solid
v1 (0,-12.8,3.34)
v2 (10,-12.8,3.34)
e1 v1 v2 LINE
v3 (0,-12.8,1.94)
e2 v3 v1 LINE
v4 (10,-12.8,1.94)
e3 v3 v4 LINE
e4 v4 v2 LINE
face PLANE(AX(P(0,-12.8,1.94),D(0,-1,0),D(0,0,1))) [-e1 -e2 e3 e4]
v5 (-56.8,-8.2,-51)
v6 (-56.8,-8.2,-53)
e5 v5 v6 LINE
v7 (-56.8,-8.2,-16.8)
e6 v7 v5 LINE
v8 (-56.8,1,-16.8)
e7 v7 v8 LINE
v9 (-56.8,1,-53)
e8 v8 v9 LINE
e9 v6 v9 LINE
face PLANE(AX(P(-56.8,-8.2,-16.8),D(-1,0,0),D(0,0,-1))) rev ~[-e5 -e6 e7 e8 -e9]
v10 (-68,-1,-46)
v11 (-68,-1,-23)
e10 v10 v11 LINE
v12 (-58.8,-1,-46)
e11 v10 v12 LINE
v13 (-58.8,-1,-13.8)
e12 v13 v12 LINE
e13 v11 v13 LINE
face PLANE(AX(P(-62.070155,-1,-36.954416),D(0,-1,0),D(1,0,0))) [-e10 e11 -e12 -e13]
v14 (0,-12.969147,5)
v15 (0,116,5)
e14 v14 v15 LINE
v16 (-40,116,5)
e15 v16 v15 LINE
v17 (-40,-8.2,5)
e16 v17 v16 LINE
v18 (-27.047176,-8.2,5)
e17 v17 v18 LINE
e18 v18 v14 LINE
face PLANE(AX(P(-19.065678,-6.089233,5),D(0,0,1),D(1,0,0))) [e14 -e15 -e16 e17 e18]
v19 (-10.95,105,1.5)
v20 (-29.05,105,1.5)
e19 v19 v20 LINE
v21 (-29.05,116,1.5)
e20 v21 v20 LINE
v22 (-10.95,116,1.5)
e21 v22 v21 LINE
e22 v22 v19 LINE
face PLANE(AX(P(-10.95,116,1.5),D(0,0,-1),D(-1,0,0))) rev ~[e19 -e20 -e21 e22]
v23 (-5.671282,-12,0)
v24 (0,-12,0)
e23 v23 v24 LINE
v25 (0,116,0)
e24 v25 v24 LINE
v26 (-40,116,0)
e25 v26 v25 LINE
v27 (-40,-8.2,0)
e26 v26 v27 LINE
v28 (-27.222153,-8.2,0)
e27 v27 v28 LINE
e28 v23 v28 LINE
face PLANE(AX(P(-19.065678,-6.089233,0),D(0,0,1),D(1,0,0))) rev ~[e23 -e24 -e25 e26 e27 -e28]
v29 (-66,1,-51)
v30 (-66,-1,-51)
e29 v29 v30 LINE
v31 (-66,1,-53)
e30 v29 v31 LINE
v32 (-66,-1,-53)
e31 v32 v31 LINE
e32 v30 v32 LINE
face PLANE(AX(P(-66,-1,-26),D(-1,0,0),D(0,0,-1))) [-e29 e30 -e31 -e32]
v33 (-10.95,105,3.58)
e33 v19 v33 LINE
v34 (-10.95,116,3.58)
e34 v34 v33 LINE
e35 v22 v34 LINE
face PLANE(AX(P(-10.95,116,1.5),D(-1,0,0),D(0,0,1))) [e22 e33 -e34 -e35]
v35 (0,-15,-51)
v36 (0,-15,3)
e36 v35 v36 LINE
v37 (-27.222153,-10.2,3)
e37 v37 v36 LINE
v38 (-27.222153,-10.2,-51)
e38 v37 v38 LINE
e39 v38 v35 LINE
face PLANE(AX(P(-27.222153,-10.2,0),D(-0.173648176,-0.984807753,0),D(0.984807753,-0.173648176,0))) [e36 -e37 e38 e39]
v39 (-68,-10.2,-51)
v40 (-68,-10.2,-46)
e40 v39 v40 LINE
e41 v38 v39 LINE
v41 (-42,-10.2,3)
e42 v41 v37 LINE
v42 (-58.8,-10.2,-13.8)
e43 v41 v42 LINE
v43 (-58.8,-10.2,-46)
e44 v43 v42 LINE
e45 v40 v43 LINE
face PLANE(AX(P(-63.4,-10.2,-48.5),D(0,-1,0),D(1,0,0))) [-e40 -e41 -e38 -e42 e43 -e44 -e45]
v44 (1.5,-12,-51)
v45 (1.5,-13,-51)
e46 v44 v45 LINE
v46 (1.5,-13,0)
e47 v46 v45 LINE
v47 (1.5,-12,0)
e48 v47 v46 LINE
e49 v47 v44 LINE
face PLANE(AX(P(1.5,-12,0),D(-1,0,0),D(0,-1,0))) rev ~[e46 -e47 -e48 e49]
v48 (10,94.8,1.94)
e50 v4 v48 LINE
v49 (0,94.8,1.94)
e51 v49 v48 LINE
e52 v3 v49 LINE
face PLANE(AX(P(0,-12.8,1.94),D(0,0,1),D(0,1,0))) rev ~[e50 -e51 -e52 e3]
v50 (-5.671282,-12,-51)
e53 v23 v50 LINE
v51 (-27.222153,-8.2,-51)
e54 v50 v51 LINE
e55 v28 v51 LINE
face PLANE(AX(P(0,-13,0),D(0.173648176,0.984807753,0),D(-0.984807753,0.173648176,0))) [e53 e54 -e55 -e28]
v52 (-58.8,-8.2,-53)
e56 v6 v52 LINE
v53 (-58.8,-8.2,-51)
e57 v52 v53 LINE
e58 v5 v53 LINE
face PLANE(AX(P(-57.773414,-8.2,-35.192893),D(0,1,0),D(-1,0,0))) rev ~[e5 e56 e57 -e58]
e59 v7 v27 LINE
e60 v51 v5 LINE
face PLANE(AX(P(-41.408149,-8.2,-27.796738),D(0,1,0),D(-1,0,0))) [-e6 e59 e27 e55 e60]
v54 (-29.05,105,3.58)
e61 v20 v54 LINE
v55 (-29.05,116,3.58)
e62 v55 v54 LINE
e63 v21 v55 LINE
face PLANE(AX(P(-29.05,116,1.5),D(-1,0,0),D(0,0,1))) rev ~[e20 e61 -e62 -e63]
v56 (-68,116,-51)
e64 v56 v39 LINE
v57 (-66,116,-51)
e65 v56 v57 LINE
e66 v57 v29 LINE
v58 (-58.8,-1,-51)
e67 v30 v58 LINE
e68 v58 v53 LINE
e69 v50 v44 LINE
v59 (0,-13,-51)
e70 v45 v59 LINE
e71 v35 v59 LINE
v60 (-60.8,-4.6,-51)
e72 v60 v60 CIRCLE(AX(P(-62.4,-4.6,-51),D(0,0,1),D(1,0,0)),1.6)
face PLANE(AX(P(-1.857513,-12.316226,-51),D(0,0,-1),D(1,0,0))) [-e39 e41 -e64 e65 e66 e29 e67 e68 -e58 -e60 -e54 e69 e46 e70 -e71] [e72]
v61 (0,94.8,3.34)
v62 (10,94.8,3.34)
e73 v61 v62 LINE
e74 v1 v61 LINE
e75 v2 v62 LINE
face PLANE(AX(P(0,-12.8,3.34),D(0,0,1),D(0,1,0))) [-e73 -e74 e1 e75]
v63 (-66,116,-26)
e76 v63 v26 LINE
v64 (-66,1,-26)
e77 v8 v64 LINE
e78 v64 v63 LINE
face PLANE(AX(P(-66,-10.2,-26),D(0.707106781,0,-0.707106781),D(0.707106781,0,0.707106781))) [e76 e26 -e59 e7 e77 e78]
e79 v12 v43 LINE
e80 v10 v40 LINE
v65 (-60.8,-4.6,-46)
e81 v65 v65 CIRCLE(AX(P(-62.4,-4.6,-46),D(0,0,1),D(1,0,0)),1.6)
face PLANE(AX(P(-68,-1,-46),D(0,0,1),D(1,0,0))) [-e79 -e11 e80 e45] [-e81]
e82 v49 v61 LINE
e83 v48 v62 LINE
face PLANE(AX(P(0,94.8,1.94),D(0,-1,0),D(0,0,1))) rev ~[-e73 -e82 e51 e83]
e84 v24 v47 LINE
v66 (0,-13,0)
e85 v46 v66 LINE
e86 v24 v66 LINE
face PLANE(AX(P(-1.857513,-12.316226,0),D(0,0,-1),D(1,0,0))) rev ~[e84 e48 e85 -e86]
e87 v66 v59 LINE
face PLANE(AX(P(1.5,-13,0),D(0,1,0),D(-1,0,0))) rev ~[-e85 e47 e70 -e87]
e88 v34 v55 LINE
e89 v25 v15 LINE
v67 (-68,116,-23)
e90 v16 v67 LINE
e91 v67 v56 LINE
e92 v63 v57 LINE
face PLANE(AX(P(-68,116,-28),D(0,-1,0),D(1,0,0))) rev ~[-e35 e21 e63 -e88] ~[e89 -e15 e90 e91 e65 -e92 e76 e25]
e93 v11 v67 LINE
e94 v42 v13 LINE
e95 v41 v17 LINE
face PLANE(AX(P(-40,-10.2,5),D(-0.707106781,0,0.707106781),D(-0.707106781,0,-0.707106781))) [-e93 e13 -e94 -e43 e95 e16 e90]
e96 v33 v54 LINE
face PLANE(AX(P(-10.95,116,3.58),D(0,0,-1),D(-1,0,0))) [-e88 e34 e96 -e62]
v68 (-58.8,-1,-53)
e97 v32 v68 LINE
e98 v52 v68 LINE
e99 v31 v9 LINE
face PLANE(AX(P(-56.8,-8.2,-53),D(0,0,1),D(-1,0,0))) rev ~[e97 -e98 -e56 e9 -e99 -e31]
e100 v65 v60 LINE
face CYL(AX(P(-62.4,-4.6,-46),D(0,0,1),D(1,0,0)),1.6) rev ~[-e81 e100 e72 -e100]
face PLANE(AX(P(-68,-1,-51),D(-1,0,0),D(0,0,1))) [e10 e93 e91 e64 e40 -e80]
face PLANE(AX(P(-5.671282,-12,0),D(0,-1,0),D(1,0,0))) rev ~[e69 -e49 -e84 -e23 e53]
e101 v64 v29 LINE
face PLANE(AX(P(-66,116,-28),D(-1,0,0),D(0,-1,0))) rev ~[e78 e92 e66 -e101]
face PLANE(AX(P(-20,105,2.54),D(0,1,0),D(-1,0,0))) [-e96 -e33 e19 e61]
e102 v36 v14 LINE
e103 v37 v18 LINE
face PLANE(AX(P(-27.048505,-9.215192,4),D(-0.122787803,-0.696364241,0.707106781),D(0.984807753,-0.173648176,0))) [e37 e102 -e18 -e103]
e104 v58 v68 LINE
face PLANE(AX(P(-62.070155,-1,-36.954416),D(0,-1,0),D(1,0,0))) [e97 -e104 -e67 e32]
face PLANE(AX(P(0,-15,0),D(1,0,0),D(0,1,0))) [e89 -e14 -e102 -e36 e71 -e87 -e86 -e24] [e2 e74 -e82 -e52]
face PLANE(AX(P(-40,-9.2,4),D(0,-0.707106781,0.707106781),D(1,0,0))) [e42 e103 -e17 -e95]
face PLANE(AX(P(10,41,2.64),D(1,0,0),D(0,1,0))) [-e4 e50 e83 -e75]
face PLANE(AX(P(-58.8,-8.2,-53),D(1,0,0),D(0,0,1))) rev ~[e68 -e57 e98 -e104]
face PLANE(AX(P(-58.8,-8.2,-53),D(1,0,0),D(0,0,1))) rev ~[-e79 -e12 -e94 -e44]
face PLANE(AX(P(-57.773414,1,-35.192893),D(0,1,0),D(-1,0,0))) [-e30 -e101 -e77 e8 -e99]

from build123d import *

# Parameters (mm, degrees)
SKETCH_1_W      = 40
SKETCH_1_H      = 116
PAD_DEPTH       = 5
PAD001_DEPTH    = 5
PAD002_DEPTH    = 126.2
SKETCH005_W     = 9.2
SKETCH005_H     = 9.2
POCKET_DEPTH    = 33.001
PAD004_DEPTH    = 2
PAD005_DEPTH    = 51
SKETCH006_W     = 2
SKETCH006_H     = 117
PAD006_DEPTH    = 23
PAD007_DEPTH    = 2
PAD008_DEPTH    = 9.2
SKETCH009_W     = 9.2
SKETCH009_H     = 5
PAD009_DEPTH    = 9.2
SKETCH010_R     = 1.6
POCKET001_DEPTH = 5
SKETCH011_W     = 107.6
SKETCH011_H     = 1.4
PAD010_DEPTH    = 10
SKETCH012_W     = 18.1
SKETCH012_H     = 2.08
POCKET002_DEPTH = 11
CHAMFER_SIZE    = 2
PAD011_DEPTH    = 51


with BuildPart() as part:
    # Sketch_1 → Pad (new body)
    with BuildSketch(Plane.XY):
        with Locations((-20, 58)):
            Rectangle(SKETCH_1_W, SKETCH_1_H)
    extrude(amount=PAD_DEPTH)

    # Sketch → Pad001 (join)
    with BuildSketch(Plane.XY):
        Polygon((0, 0), (-40, 0), (-40, -10.2), (-27.222153, -10.2), (0, -15), align=None)
    extrude(amount=PAD001_DEPTH)

    # Sketch001 (on Face6 of Pad001) → Pad002 (join)
    with BuildSketch(Plane.XZ.offset(10.2)):
        Polygon((-40, 5), (-68, -23), (-68, -28), (-66, -28), (-66, -26), (-40, 0), align=None)
    extrude(amount=-PAD002_DEPTH)

    # Sketch005 (on Face13 of Pad002) → Pocket (cut, through all)
    with BuildSketch(Plane.XY.offset(5)):
        with Locations((-63.4, -5.6)):
            Rectangle(SKETCH005_W, SKETCH005_H)
    extrude(amount=-POCKET_DEPTH, mode=Mode.SUBTRACT)

    # Sketch003 → Pad004 (join)
    with BuildSketch(Plane.XZ.offset(10.2)):
        Polygon((-58.8, -51), (-58.8, -18.8), (-40, 0), (-27.222153, 0), (-27.222153, -51), align=None)
    extrude(amount=-PAD004_DEPTH)

    # Sketch004 (on Face12 of Pad004) → Pad005 (join)
    with BuildSketch(Plane(origin=(0, 0, 0), x_dir=(1, 0, 0), z_dir=(0, 0, -1))):
        Polygon((-27.222153, 10.2), (0, 15), (0, 13), (-27.222153, 8.2), align=None)
    extrude(amount=PAD005_DEPTH)

    # Sketch006 (on Face8 of Pad005) → Pad006 (join)
    with BuildSketch(Plane(origin=(0, 0, -28), x_dir=(1, 0, 0), z_dir=(0, 0, -1))):
        with Locations((-67, -57.5)):
            Rectangle(SKETCH006_W, SKETCH006_H)
    extrude(amount=PAD006_DEPTH)

    # Sketch007 (on Face27 of Pad006) → Pad007 (join)
    with BuildSketch(Plane.XZ.offset(1)):
        Polygon((-58.8, -18.8), (-66, -26), (-66, -53), (-58.8, -53), align=None)
    extrude(amount=-PAD007_DEPTH)

    # Sketch008 (on Face22 of Pad007) → Pad008 (join)
    with BuildSketch(Plane(origin=(0, -8.2, 0), x_dir=(-1, 0, 0), z_dir=(0, 1, 0))):
        Polygon((56.8, -16.8), (56.8, -53), (58.8, -53), (58.8, -18.8), align=None)
    extrude(amount=PAD008_DEPTH)

    # Sketch009 (on Face32 of Pad008) → Pad009 (join)
    with BuildSketch(Plane.XZ.offset(1)):
        with Locations((-63.4, -48.5)):
            Rectangle(SKETCH009_W, SKETCH009_H)
    extrude(amount=PAD009_DEPTH)

    # Sketch010 (on Face43 of Pad009) → Pocket001 (cut)
    with BuildSketch(Plane.XY.offset(-46)):
        with Locations((-62.4, -4.6)):
            Circle(SKETCH010_R)
    extrude(amount=-POCKET001_DEPTH, mode=Mode.SUBTRACT)

    # Sketch011 (on Face3 of Pocket001) → Pad010 (join)
    with BuildSketch(Plane.YZ):
        with Locations((41, 2.64)):
            Rectangle(SKETCH011_W, SKETCH011_H)
    extrude(amount=PAD010_DEPTH)

    # Sketch012 (on Face1 of Pad010) → Pocket002 (cut)
    with BuildSketch(Plane(origin=(0, 116, 0), x_dir=(-1, 0, 0), z_dir=(0, 1, 0))):
        with Locations((20, 2.54)):
            Rectangle(SKETCH012_W, SKETCH012_H)
    extrude(amount=-POCKET002_DEPTH, mode=Mode.SUBTRACT)

    # Chamfer
    chamfer_edges = [part.edges().sort_by_distance(p)[0] for p in [
        (-13.611076, -12.6, 5),
        (-33.611076, -10.2, 5),
    ]]
    chamfer(chamfer_edges, length=CHAMFER_SIZE)

    # Sketch013 (on Face32 of Chamfer) → Pad011 (join)
    with BuildSketch(Plane(origin=(0, 0, 0), x_dir=(1, 0, 0), z_dir=(0, 0, -1))):
        Polygon((-5.671282, 12), (1.5, 12), (1.5, 13), (0, 13), align=None)
    extrude(amount=PAD011_DEPTH)


solid = part.part
